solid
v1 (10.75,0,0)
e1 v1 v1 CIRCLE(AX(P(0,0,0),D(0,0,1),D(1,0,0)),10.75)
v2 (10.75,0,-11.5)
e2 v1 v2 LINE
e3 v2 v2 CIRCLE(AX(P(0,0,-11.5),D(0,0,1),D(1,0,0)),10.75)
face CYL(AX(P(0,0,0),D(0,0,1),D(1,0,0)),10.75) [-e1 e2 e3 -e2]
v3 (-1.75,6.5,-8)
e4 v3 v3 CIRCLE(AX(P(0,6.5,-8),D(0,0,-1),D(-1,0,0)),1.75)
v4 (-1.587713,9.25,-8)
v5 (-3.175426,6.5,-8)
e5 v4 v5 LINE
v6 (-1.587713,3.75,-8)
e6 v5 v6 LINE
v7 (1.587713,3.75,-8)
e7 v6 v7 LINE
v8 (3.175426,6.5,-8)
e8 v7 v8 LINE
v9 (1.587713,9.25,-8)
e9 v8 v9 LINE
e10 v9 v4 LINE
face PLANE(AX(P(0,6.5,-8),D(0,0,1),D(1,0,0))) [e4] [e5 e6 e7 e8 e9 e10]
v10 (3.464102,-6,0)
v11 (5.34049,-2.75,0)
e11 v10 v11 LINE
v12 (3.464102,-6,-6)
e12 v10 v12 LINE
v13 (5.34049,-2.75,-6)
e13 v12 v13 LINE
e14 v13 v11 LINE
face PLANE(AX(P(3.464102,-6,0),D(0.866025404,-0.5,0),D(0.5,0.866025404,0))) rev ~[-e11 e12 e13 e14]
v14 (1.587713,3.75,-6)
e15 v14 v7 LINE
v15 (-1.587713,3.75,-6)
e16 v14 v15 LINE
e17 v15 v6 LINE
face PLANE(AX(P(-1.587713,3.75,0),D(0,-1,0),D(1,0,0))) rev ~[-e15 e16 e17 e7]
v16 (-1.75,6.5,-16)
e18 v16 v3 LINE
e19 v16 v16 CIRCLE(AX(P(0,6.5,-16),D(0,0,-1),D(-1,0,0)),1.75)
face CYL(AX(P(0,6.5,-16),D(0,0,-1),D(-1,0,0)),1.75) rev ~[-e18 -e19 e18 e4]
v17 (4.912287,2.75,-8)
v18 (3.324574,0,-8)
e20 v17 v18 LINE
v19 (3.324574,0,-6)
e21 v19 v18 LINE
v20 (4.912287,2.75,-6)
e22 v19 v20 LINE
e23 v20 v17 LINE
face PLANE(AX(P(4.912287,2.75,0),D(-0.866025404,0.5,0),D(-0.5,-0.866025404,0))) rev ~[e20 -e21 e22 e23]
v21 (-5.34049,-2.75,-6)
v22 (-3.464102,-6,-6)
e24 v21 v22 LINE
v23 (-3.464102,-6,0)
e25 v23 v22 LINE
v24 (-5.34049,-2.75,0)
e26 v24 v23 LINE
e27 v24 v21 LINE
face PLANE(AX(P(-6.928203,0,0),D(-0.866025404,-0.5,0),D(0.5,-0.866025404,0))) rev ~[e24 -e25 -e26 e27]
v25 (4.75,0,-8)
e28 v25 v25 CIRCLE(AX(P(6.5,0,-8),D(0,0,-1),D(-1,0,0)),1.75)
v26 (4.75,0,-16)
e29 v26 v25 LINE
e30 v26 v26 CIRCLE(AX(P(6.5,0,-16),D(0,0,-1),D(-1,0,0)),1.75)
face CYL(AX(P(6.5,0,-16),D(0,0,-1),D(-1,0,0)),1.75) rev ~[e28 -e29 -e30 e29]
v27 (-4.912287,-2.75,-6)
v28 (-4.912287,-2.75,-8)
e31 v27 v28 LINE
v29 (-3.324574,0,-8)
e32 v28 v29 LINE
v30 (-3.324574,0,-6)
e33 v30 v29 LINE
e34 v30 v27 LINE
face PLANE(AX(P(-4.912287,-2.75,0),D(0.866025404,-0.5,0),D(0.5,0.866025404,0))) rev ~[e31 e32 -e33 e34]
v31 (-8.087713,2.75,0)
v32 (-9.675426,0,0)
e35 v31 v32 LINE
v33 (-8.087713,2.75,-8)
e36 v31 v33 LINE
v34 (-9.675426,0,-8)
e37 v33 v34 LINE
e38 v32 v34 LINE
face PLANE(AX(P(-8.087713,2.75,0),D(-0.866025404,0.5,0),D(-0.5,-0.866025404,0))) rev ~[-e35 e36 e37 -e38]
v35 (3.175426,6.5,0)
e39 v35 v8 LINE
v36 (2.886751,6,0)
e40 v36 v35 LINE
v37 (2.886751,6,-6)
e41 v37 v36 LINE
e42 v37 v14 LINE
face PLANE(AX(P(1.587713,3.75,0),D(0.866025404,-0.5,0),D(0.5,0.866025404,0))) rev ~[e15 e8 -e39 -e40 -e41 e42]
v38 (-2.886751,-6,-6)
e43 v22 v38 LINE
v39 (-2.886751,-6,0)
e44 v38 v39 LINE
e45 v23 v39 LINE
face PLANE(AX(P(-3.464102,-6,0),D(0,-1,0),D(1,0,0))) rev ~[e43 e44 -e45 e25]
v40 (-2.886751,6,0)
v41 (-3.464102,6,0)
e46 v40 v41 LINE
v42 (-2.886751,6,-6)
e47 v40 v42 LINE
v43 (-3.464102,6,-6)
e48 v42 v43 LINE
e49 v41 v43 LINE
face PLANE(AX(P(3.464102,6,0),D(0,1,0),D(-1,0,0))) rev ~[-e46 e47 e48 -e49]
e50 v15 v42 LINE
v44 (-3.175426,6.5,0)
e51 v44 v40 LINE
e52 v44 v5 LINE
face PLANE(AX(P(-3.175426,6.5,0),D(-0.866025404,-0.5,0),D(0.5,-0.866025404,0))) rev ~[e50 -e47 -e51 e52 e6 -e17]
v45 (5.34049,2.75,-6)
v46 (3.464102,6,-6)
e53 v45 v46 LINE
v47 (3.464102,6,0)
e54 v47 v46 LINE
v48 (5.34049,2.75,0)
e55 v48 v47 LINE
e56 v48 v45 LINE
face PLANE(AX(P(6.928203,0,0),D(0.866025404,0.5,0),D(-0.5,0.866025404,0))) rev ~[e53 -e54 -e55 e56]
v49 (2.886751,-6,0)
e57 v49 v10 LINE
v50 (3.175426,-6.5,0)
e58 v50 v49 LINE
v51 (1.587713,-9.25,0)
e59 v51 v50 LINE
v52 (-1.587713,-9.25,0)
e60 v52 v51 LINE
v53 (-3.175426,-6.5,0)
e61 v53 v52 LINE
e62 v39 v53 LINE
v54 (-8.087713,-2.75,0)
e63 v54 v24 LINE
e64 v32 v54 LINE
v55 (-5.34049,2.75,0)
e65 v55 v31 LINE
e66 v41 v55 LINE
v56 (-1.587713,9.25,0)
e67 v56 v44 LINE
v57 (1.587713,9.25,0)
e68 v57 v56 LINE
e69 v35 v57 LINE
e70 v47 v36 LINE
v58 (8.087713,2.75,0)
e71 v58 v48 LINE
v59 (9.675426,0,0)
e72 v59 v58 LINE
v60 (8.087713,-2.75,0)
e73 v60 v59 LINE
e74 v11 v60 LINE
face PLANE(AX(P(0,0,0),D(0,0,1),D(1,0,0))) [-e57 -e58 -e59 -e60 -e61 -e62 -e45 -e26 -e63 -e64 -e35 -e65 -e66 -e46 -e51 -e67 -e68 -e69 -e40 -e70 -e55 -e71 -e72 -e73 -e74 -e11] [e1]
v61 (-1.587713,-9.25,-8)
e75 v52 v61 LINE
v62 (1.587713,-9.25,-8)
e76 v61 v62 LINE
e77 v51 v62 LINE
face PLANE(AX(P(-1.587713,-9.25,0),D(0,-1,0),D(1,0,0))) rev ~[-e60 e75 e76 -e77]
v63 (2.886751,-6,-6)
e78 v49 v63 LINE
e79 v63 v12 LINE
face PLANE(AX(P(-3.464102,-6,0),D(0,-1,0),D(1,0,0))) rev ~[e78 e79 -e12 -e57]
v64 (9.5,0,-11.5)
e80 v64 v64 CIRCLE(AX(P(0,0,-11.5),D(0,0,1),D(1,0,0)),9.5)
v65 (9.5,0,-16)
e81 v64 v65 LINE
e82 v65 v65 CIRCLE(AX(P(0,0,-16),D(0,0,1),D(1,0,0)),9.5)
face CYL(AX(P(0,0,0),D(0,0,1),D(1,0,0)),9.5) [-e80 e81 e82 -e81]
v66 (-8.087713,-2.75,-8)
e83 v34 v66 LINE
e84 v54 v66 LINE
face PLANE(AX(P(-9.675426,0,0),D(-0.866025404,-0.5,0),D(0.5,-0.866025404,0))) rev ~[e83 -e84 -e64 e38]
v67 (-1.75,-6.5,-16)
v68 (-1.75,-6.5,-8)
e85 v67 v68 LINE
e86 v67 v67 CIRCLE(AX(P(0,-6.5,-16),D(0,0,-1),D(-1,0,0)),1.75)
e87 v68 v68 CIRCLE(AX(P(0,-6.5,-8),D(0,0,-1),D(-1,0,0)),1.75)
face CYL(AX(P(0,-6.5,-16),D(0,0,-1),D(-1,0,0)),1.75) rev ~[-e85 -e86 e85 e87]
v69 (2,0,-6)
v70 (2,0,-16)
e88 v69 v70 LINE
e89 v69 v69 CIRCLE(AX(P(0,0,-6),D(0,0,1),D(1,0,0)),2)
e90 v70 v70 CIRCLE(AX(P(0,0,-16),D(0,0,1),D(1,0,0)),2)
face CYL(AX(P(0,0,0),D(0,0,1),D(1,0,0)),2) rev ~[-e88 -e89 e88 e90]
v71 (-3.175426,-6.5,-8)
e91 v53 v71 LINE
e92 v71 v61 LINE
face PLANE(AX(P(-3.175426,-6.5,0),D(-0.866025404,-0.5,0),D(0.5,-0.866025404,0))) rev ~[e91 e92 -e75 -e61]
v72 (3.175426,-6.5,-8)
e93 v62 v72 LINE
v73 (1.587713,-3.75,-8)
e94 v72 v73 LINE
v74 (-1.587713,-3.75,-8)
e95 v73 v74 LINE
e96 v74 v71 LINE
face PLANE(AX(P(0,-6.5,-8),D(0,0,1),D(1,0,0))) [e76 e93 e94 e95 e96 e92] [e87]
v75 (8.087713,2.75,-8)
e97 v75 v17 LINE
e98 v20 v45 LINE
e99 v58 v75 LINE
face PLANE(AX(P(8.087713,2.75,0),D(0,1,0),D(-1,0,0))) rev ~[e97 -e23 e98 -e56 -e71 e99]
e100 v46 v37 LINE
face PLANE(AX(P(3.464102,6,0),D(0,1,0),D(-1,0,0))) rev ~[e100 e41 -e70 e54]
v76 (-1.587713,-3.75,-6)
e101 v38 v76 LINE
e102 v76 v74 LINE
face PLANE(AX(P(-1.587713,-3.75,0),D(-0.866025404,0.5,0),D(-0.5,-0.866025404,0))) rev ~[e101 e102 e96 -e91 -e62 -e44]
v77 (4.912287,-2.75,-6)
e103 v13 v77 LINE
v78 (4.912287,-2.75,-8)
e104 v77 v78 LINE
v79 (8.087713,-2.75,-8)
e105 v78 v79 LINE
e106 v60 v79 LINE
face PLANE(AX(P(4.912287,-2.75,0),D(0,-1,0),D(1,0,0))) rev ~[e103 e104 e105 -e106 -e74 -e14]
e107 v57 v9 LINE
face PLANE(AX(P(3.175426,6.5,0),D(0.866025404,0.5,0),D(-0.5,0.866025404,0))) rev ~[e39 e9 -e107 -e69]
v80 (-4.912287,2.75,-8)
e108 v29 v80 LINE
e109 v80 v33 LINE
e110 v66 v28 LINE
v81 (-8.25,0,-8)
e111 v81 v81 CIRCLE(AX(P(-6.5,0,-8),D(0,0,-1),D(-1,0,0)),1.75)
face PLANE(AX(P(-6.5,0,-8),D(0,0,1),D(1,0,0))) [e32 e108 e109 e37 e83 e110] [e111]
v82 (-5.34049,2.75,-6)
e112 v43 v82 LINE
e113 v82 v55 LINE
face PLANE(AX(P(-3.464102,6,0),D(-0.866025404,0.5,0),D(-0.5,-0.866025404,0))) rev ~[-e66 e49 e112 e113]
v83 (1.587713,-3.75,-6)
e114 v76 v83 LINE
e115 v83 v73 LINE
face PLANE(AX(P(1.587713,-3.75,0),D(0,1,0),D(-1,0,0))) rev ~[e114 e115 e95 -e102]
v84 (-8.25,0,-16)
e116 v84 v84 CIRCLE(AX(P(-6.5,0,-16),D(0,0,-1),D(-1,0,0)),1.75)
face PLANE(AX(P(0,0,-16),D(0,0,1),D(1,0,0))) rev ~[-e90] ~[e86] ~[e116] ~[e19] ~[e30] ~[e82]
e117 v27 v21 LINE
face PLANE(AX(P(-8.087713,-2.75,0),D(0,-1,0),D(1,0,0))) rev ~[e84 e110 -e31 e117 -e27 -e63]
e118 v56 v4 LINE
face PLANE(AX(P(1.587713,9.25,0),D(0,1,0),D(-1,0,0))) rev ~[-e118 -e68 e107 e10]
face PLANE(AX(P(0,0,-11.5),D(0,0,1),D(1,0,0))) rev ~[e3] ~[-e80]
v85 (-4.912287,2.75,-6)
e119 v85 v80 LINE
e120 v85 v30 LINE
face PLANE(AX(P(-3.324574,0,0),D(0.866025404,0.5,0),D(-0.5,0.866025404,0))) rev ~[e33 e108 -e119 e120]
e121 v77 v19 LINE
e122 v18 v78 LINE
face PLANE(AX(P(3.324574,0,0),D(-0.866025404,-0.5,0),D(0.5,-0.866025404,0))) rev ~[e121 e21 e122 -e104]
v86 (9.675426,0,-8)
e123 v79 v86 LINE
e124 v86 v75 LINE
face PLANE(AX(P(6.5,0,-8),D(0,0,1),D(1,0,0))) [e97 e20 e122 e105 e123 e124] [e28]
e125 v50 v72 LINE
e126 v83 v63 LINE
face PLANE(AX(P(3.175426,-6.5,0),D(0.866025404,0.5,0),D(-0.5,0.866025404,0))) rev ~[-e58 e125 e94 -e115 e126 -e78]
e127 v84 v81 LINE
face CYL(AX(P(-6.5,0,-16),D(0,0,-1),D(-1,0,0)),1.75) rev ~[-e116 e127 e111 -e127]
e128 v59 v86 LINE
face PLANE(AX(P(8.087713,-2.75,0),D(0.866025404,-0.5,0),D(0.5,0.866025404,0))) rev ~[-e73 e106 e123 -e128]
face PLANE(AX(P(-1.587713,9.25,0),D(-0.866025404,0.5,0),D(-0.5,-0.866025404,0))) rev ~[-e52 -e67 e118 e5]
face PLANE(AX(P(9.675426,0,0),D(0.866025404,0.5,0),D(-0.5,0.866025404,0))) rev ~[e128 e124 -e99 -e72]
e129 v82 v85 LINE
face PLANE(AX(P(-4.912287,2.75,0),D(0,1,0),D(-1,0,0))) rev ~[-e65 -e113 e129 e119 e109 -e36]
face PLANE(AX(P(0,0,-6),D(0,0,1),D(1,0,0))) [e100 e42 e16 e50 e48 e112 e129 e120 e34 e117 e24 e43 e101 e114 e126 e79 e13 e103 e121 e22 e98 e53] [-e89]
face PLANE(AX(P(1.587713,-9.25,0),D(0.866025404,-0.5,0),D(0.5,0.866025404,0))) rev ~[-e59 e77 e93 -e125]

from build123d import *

# Parameters (mm, degrees)
SKETCH1_R           = 9.5
BOSS_EXTRUDE1_DEPTH = 16
SKETCH1_3_R         = 10.75
SKETCH1_3_R_2       = 9.5
BOSS_EXTRUDE2_DEPTH = 11.5
SKETCH2_R           = 2
CUT_EXTRUDE1_DEPTH  = 23.070908454
SKETCH3_R           = 1.75
CUT_EXTRUDE2_DEPTH  = 23.070908454
CUT_EXTRUDE7_START  = -8
SKETCH5_R           = 1.75
CUT_EXTRUDE7_DEPTH  = 8
CUT_EXTRUDE8_DEPTH  = 6


with BuildPart() as part:
    # Sketch1 → Boss-Extrude1 (new body)
    with BuildSketch(Plane.XY):
        Circle(SKETCH1_R)
    extrude(amount=-BOSS_EXTRUDE1_DEPTH)

    # Sketch1<3> → Boss-Extrude2 (add)
    with BuildSketch(Plane.XY):
        Circle(SKETCH1_3_R)
        Circle(SKETCH1_3_R_2, mode=Mode.SUBTRACT)
    extrude(amount=-BOSS_EXTRUDE2_DEPTH)

    # Sketch2 → Cut-Extrude1 (cut, through all)
    with BuildSketch(Plane.XY):
        Circle(SKETCH2_R)
    extrude(amount=-CUT_EXTRUDE1_DEPTH, mode=Mode.SUBTRACT)

    # Sketch3 → Cut-Extrude2 (cut, through all)
    with BuildSketch(Plane(origin=(0, 0, -16), x_dir=(-1, 0, 0), z_dir=(0, 0, -1))):
        with Locations((-6.5, 0)):
            Circle(SKETCH3_R)
        with Locations((0, 6.5)):
            Circle(SKETCH3_R)
        with Locations((6.5, 0)):
            Circle(SKETCH3_R)
        with Locations((0, -6.5)):
            Circle(SKETCH3_R)
    extrude(amount=-CUT_EXTRUDE2_DEPTH, mode=Mode.SUBTRACT)

    # Sketch5 → Cut-Extrude7 (cut)
    # profile 1 of 4: a face of its own
    with BuildSketch(Plane.XY.offset(CUT_EXTRUDE7_START)):
        Polygon((-1.58771324, 3.75), (1.58771324, 3.75), (3.175426481, 6.5), (1.58771324, 9.25), (-1.58771324, 9.25), (-3.175426481, 6.5), align=None)
        with Locations((0, 6.5)):
            Circle(SKETCH5_R, mode=Mode.SUBTRACT)
    # profile 2 of 4: a face of its own
    with BuildSketch(Plane.XY.offset(CUT_EXTRUDE7_START)):
        Polygon((-8.08771324, -2.75), (-4.91228676, -2.75), (-3.324573519, 0), (-4.91228676, 2.75), (-8.08771324, 2.75), (-9.675426481, 0), align=None)
    # profile 3 of 4: a face of its own
    with BuildSketch(Plane.XY.offset(CUT_EXTRUDE7_START)):
        Polygon((-1.58771324, -9.25), (1.58771324, -9.25), (3.175426481, -6.5), (1.58771324, -3.75), (-1.58771324, -3.75), (-3.175426481, -6.5), align=None)
        with Locations((0, -6.5)):
            Circle(SKETCH5_R, mode=Mode.SUBTRACT)
    # profile 4 of 4: a face of its own
    with BuildSketch(Plane.XY.offset(CUT_EXTRUDE7_START)):
        Polygon((4.91228676, -2.75), (8.08771324, -2.75), (9.675426481, 0), (8.08771324, 2.75), (4.91228676, 2.75), (3.324573519, 0), align=None)
        with Locations((6.5, 0)):
            Circle(SKETCH5_R, mode=Mode.SUBTRACT)
    extrude(amount=CUT_EXTRUDE7_DEPTH, mode=Mode.SUBTRACT)

    # Sketch6 → Cut-Extrude8 (cut)
    with BuildSketch(Plane.XY):
        Polygon((3.464101615, -6), (6.92820323, 0), (3.464101615, 6), (-3.464101615, 6), (-6.92820323, 0), (-3.464101615, -6), align=None)
    extrude(amount=-CUT_EXTRUDE8_DEPTH, mode=Mode.SUBTRACT)


solid = part.part
